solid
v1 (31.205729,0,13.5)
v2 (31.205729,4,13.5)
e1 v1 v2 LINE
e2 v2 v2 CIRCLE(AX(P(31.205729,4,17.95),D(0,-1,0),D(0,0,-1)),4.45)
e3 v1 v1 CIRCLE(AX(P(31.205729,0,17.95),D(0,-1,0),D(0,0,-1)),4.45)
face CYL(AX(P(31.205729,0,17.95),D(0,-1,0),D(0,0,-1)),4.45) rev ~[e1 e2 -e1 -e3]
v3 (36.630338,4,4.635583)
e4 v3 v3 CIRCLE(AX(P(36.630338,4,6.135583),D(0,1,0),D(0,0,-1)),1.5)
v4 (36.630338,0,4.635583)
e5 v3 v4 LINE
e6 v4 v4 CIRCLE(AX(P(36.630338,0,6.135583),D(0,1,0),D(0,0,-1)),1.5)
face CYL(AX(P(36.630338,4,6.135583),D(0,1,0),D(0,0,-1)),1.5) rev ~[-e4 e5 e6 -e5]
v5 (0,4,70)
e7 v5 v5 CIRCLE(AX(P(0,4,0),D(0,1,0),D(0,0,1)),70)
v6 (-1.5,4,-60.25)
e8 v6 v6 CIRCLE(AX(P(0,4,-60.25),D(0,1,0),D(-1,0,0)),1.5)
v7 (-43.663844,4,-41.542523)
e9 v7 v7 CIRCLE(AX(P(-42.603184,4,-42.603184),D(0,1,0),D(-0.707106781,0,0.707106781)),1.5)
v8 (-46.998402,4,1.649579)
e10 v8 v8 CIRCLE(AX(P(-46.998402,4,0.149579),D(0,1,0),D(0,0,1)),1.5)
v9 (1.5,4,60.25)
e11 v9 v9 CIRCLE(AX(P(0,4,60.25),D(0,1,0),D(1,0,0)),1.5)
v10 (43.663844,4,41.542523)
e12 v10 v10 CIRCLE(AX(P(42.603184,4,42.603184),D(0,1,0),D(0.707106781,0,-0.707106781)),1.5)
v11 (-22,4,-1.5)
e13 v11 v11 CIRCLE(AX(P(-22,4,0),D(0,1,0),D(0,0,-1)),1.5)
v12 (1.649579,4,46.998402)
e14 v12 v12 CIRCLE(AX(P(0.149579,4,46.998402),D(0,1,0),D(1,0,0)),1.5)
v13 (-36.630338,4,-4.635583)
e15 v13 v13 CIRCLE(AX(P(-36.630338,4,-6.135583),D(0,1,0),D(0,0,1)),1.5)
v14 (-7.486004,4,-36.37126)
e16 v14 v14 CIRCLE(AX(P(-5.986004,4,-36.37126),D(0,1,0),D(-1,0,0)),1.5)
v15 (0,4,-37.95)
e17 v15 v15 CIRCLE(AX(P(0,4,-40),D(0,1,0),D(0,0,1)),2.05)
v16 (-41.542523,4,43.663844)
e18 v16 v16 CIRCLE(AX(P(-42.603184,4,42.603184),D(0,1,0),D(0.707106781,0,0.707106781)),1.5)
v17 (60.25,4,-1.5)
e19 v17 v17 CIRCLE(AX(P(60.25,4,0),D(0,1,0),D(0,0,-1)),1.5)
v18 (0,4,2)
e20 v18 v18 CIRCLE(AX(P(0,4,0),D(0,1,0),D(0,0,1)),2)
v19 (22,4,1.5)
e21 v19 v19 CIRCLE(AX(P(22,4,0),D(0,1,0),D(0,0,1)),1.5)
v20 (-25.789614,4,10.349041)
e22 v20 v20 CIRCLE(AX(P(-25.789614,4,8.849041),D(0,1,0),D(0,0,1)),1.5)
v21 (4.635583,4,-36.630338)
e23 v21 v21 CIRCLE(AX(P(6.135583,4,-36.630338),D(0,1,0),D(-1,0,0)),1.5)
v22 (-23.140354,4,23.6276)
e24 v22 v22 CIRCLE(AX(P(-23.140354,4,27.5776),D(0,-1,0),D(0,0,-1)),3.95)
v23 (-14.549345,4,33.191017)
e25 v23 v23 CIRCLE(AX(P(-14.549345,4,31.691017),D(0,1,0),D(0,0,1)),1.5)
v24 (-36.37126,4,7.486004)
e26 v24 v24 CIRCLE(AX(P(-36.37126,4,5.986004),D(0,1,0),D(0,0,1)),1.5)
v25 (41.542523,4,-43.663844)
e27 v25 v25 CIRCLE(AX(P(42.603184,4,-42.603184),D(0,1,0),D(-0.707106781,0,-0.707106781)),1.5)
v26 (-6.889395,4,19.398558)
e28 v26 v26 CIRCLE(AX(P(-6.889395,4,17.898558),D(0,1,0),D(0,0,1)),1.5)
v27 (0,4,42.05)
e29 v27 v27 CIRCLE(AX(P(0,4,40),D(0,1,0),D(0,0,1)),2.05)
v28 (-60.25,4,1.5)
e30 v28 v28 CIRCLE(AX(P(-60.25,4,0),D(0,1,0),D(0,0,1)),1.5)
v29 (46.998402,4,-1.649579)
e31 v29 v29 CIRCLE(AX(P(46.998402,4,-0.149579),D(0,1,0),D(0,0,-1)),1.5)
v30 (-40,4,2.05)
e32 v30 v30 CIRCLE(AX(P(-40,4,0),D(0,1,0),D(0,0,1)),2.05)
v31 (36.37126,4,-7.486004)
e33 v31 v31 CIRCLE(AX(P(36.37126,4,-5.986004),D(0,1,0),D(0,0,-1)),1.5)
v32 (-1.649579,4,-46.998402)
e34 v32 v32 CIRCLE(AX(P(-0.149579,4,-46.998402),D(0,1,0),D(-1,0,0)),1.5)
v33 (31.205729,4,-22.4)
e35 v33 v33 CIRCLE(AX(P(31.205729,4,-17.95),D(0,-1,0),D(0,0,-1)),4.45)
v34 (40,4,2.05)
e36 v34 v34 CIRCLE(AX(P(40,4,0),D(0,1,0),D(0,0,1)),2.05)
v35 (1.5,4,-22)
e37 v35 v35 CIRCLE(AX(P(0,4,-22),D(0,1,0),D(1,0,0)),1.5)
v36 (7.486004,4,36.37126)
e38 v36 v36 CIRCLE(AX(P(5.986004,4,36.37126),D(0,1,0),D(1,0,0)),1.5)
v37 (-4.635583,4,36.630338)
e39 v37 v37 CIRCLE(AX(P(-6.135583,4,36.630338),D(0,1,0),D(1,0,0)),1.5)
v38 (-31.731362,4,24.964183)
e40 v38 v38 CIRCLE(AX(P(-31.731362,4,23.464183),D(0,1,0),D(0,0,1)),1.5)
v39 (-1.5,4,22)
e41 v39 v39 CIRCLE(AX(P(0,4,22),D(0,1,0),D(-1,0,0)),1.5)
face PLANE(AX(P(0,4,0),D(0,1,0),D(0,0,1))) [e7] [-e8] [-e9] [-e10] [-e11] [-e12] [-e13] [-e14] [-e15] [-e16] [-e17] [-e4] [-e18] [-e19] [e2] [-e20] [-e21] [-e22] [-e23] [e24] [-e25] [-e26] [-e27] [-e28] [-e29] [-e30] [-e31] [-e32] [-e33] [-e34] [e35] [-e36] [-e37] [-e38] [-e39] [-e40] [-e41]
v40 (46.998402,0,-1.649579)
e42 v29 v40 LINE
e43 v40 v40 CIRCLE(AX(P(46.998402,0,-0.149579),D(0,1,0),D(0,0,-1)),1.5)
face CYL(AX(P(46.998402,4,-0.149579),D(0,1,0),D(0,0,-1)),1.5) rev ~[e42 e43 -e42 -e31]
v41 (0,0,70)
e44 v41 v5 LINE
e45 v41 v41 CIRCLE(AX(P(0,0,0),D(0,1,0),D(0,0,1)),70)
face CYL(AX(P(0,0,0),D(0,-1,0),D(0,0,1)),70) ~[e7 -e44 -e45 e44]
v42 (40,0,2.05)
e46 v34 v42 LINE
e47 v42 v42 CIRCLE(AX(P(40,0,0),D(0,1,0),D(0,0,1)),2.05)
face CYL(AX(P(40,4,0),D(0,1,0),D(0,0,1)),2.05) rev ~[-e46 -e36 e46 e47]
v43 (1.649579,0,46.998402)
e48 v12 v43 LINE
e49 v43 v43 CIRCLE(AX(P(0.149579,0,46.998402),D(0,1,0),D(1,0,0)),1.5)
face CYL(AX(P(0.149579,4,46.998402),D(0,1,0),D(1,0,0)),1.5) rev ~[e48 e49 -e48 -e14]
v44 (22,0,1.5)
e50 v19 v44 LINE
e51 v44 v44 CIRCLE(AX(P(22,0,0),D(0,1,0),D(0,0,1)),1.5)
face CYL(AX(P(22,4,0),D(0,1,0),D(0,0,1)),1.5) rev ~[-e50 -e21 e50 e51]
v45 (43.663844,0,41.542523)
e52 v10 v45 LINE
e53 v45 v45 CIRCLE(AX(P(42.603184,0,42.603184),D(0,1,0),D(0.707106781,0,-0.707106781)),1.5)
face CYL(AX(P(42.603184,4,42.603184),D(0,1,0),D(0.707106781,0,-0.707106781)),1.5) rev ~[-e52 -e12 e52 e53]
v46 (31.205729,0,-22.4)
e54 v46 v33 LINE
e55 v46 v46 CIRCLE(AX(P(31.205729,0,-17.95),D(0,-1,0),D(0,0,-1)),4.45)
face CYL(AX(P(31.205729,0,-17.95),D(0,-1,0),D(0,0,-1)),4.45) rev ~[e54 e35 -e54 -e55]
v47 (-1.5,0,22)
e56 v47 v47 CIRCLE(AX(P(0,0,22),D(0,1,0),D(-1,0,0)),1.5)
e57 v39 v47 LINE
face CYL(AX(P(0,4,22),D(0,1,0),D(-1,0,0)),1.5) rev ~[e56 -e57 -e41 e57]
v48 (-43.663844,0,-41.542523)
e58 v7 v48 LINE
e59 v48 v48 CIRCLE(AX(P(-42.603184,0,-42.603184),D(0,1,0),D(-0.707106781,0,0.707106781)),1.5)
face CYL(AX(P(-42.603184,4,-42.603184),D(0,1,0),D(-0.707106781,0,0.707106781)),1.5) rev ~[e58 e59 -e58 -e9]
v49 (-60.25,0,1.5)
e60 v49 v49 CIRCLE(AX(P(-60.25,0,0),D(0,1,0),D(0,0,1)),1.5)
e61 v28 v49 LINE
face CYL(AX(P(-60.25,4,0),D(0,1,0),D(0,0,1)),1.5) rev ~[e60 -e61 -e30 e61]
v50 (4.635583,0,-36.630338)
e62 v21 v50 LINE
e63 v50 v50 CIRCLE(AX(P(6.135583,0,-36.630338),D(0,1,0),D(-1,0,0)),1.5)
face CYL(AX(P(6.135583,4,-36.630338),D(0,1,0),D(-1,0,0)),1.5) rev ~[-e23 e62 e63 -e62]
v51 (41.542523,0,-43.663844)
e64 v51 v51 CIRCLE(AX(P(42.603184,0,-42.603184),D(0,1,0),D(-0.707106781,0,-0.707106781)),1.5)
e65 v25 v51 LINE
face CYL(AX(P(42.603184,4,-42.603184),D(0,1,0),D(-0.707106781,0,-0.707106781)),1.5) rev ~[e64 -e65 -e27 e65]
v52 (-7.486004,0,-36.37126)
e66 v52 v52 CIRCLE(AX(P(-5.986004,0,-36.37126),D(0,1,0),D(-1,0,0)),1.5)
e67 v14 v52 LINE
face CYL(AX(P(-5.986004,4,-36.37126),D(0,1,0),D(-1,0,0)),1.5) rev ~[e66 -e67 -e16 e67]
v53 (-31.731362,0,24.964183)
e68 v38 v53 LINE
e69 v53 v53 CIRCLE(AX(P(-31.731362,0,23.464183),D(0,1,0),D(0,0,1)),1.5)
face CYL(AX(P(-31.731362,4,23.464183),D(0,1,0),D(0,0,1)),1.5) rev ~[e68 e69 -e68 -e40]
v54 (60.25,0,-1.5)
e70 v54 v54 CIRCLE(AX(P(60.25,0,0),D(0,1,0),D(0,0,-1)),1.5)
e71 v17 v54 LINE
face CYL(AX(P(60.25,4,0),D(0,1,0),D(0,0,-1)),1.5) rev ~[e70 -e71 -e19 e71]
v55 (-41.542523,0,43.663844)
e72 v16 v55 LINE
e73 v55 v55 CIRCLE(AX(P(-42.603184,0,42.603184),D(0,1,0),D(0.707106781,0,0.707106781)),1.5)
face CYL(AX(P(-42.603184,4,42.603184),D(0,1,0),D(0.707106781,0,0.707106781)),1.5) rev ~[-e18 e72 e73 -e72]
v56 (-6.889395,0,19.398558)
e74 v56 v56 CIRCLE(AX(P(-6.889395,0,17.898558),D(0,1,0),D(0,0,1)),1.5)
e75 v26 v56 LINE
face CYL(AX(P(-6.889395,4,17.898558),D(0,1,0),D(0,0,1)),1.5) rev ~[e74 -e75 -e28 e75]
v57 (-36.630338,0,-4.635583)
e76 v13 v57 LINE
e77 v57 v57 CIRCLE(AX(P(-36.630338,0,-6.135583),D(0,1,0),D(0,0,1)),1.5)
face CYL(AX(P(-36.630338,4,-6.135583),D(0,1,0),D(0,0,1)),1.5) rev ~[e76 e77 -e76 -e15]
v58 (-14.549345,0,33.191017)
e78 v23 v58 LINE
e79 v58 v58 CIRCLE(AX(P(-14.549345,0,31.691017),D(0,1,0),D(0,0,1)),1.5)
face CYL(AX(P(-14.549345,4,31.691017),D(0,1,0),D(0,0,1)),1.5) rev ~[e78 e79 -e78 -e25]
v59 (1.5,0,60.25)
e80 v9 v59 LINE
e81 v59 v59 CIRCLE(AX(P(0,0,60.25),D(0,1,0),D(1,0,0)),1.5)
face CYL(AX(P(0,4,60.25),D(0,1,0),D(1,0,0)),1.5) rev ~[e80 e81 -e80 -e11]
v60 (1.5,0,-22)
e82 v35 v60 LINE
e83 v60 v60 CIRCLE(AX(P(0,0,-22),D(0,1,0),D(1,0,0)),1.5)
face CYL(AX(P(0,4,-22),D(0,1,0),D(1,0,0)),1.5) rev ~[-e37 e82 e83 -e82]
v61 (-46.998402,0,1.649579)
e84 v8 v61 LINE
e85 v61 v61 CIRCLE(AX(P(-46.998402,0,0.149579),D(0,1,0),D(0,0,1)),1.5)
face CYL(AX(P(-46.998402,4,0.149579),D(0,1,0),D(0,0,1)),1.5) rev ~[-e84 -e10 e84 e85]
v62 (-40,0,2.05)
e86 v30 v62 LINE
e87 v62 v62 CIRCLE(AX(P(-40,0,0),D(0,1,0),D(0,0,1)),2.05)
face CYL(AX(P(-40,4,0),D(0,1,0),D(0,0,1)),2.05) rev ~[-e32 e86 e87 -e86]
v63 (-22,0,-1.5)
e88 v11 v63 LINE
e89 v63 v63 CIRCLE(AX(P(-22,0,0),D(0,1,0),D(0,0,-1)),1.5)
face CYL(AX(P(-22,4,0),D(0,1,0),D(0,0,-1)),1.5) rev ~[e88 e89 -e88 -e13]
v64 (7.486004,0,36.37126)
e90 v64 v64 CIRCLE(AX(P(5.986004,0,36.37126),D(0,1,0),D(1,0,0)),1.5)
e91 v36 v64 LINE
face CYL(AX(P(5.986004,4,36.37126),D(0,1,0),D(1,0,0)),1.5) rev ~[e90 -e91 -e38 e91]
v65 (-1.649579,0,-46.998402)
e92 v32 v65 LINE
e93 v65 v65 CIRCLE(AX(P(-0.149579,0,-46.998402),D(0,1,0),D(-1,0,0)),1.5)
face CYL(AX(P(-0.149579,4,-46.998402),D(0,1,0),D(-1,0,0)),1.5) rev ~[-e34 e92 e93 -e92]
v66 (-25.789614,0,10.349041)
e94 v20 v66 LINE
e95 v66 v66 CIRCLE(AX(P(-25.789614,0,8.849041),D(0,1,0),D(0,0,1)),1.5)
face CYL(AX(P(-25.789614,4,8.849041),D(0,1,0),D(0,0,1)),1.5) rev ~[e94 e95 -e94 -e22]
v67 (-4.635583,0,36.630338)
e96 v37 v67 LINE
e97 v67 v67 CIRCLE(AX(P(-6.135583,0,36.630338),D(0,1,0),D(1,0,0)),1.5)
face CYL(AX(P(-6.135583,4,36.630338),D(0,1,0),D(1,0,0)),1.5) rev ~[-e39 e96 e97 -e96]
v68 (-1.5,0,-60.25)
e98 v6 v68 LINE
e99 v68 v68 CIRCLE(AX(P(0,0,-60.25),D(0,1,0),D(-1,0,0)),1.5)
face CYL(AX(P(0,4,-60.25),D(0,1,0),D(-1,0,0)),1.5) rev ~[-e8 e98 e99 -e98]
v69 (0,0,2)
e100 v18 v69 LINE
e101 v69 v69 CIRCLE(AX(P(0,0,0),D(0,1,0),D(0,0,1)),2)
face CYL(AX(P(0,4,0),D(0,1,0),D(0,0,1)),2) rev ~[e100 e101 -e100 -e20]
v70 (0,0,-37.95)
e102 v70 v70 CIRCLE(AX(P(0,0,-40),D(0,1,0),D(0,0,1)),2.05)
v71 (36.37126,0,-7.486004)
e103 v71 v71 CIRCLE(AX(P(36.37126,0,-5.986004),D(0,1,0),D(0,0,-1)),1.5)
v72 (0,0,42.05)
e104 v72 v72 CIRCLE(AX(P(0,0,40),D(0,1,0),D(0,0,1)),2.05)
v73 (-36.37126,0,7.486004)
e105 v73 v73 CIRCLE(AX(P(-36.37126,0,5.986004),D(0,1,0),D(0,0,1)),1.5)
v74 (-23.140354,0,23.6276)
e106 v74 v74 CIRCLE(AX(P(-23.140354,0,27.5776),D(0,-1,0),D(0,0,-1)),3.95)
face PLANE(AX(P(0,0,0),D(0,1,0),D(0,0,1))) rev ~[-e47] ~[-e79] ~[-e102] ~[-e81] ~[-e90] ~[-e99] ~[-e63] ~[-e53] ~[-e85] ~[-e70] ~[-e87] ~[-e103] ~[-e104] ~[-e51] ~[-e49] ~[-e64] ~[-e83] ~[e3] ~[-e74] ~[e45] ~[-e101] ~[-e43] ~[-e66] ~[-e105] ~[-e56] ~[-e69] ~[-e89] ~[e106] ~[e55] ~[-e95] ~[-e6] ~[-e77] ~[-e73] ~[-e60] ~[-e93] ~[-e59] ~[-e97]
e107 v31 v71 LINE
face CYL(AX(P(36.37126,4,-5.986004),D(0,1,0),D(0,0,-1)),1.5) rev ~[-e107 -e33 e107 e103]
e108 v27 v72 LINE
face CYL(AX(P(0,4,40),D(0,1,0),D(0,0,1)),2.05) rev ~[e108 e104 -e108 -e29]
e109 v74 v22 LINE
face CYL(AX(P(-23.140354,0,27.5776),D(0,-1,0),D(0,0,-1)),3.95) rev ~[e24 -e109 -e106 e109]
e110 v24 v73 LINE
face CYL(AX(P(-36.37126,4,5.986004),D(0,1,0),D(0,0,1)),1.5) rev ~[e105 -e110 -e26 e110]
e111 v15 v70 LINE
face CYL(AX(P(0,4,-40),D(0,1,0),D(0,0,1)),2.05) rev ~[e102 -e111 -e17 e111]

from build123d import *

# Parameters (mm, degrees)
SKETCH2_R           = 70
BOSS_EXTRUDE1_DEPTH = 4
SKETCH8_R           = 2
CUT_EXTRUDE1_DEPTH  = 100.075728612
SKETCH34_R          = 1.5
CUT_EXTRUDE8_DEPTH  = 100.075728612
CIRPATTERN7_COUNT   = 8
SKETCH56_R          = 2.05
CUT_EXTRUDE19_DEPTH = 100.075728612
SKETCH57_R          = 1.5
CUT_EXTRUDE20_DEPTH = 100.075728612
CIRPATTERN13_COUNT  = 4
SKETCH60_R          = 1.5
CUT_EXTRUDE21_DEPTH = 100.075728612
CIRPATTERN14_COUNT  = 4
SKETCH49_R          = 4.45
SKETCH49_R_2        = 3.95
CUT_EXTRUDE14_DEPTH = 100.075728612
SKETCH63_R          = 1.5
CUT_EXTRUDE24_DEPTH = 100.075728612


with BuildPart() as part:
    # Sketch2 → Boss-Extrude1 (new body)
    with BuildSketch(Plane(origin=(0, 0, 0), x_dir=(1, 0, 0), z_dir=(0, 1, 0))):
        Circle(SKETCH2_R)
    extrude(amount=BOSS_EXTRUDE1_DEPTH)

    # Sketch8 → Cut-Extrude1 (cut, through all)
    with BuildSketch(Plane(origin=(0, 4, 0), x_dir=(1, 0, 0), z_dir=(0, 1, 0))):
        Circle(SKETCH8_R)
    extrude(amount=-CUT_EXTRUDE1_DEPTH, mode=Mode.SUBTRACT)

    # Sketch34 → Cut-Extrude8 (cut, through all)
    with BuildSketch(Plane(origin=(0, 4, 0), x_dir=(1, 0, 0), z_dir=(0, 1, 0))):
        with Locations((-60.25, 0)):
            Circle(SKETCH34_R)
    cut_extrude8 = extrude(amount=-CUT_EXTRUDE8_DEPTH, mode=Mode.SUBTRACT)

    # CirPattern7: Cut-Extrude8 ×8 about axis
    cirpattern7_axis = Axis((0, 4, 0), (0, -1, 0))
    for i in range(1, CIRPATTERN7_COUNT):
        add(cut_extrude8.rotate(cirpattern7_axis, i * 360 / CIRPATTERN7_COUNT), mode=Mode.SUBTRACT)

    # Sketch56 → Cut-Extrude19 (cut, through all)
    with BuildSketch(Plane(origin=(0, 4, 0), x_dir=(1, 0, 0), z_dir=(0, 1, 0))):
        with Locations((0, 40)):
            Circle(SKETCH56_R)
        with Locations((-40, 0)):
            Circle(SKETCH56_R)
        with Locations((40, 0)):
            Circle(SKETCH56_R)
        with Locations((0, -40)):
            Circle(SKETCH56_R)
    extrude(amount=-CUT_EXTRUDE19_DEPTH, mode=Mode.SUBTRACT)

    # Sketch57 → Cut-Extrude20 (cut, through all)
    with BuildSketch(Plane(origin=(0, 4, 0), x_dir=(1, 0, 0), z_dir=(0, 1, 0))):
        with Locations((-36.371259829, -5.986004074)):
            Circle(SKETCH57_R)
        with Locations((-46.998401681, -0.149579135)):
            Circle(SKETCH57_R)
        with Locations((-36.63033849, 6.135583209)):
            Circle(SKETCH57_R)
    cut_extrude20 = extrude(amount=-CUT_EXTRUDE20_DEPTH, mode=Mode.SUBTRACT)

    # CirPattern13: Cut-Extrude20 ×4 about axis
    cirpattern13_axis = Axis((0, 4, 0), (0, 1, 0))
    for i in range(1, CIRPATTERN13_COUNT):
        add(cut_extrude20.rotate(cirpattern13_axis, i * 360 / CIRPATTERN13_COUNT), mode=Mode.SUBTRACT)

    # Sketch60 → Cut-Extrude21 (cut, through all)
    with BuildSketch(Plane(origin=(0, 4, 0), x_dir=(1, 0, 0), z_dir=(0, 1, 0))):
        with Locations((22, 0)):
            Circle(SKETCH60_R)
    cut_extrude21 = extrude(amount=-CUT_EXTRUDE21_DEPTH, mode=Mode.SUBTRACT)

    # CirPattern14: Cut-Extrude21 ×4 about axis
    cirpattern14_axis = Axis((0, 4, 0), (0, -1, 0))
    for i in range(1, CIRPATTERN14_COUNT):
        add(cut_extrude21.rotate(cirpattern14_axis, i * 360 / CIRPATTERN14_COUNT), mode=Mode.SUBTRACT)

    # Sketch49 → Cut-Extrude14 (cut, through all)
    with BuildSketch(Plane.XZ):
        with Locations((31.205728641, 17.95)):
            Circle(SKETCH49_R)
        with Locations((31.205728641, -17.95)):
            Circle(SKETCH49_R)
        with Locations((-23.140353949, 27.577599952)):
            Circle(SKETCH49_R_2)
    extrude(amount=-CUT_EXTRUDE14_DEPTH, mode=Mode.SUBTRACT)

    # Sketch63 → Cut-Extrude24 (cut, through all)
    with BuildSketch(Plane(origin=(0, 4, 0), x_dir=(1, 0, 0), z_dir=(0, 1, 0))):
        with Locations((-25.789614102, -8.849040721)):
            Circle(SKETCH63_R)
        with Locations((-6.889395427, -17.89855778)):
            Circle(SKETCH63_R)
        with Locations((-31.731362438, -23.464183107)):
            Circle(SKETCH63_R)
        with Locations((-14.54934546, -31.691016798)):
            Circle(SKETCH63_R)
    extrude(amount=-CUT_EXTRUDE24_DEPTH, mode=Mode.SUBTRACT)


solid = part.part
